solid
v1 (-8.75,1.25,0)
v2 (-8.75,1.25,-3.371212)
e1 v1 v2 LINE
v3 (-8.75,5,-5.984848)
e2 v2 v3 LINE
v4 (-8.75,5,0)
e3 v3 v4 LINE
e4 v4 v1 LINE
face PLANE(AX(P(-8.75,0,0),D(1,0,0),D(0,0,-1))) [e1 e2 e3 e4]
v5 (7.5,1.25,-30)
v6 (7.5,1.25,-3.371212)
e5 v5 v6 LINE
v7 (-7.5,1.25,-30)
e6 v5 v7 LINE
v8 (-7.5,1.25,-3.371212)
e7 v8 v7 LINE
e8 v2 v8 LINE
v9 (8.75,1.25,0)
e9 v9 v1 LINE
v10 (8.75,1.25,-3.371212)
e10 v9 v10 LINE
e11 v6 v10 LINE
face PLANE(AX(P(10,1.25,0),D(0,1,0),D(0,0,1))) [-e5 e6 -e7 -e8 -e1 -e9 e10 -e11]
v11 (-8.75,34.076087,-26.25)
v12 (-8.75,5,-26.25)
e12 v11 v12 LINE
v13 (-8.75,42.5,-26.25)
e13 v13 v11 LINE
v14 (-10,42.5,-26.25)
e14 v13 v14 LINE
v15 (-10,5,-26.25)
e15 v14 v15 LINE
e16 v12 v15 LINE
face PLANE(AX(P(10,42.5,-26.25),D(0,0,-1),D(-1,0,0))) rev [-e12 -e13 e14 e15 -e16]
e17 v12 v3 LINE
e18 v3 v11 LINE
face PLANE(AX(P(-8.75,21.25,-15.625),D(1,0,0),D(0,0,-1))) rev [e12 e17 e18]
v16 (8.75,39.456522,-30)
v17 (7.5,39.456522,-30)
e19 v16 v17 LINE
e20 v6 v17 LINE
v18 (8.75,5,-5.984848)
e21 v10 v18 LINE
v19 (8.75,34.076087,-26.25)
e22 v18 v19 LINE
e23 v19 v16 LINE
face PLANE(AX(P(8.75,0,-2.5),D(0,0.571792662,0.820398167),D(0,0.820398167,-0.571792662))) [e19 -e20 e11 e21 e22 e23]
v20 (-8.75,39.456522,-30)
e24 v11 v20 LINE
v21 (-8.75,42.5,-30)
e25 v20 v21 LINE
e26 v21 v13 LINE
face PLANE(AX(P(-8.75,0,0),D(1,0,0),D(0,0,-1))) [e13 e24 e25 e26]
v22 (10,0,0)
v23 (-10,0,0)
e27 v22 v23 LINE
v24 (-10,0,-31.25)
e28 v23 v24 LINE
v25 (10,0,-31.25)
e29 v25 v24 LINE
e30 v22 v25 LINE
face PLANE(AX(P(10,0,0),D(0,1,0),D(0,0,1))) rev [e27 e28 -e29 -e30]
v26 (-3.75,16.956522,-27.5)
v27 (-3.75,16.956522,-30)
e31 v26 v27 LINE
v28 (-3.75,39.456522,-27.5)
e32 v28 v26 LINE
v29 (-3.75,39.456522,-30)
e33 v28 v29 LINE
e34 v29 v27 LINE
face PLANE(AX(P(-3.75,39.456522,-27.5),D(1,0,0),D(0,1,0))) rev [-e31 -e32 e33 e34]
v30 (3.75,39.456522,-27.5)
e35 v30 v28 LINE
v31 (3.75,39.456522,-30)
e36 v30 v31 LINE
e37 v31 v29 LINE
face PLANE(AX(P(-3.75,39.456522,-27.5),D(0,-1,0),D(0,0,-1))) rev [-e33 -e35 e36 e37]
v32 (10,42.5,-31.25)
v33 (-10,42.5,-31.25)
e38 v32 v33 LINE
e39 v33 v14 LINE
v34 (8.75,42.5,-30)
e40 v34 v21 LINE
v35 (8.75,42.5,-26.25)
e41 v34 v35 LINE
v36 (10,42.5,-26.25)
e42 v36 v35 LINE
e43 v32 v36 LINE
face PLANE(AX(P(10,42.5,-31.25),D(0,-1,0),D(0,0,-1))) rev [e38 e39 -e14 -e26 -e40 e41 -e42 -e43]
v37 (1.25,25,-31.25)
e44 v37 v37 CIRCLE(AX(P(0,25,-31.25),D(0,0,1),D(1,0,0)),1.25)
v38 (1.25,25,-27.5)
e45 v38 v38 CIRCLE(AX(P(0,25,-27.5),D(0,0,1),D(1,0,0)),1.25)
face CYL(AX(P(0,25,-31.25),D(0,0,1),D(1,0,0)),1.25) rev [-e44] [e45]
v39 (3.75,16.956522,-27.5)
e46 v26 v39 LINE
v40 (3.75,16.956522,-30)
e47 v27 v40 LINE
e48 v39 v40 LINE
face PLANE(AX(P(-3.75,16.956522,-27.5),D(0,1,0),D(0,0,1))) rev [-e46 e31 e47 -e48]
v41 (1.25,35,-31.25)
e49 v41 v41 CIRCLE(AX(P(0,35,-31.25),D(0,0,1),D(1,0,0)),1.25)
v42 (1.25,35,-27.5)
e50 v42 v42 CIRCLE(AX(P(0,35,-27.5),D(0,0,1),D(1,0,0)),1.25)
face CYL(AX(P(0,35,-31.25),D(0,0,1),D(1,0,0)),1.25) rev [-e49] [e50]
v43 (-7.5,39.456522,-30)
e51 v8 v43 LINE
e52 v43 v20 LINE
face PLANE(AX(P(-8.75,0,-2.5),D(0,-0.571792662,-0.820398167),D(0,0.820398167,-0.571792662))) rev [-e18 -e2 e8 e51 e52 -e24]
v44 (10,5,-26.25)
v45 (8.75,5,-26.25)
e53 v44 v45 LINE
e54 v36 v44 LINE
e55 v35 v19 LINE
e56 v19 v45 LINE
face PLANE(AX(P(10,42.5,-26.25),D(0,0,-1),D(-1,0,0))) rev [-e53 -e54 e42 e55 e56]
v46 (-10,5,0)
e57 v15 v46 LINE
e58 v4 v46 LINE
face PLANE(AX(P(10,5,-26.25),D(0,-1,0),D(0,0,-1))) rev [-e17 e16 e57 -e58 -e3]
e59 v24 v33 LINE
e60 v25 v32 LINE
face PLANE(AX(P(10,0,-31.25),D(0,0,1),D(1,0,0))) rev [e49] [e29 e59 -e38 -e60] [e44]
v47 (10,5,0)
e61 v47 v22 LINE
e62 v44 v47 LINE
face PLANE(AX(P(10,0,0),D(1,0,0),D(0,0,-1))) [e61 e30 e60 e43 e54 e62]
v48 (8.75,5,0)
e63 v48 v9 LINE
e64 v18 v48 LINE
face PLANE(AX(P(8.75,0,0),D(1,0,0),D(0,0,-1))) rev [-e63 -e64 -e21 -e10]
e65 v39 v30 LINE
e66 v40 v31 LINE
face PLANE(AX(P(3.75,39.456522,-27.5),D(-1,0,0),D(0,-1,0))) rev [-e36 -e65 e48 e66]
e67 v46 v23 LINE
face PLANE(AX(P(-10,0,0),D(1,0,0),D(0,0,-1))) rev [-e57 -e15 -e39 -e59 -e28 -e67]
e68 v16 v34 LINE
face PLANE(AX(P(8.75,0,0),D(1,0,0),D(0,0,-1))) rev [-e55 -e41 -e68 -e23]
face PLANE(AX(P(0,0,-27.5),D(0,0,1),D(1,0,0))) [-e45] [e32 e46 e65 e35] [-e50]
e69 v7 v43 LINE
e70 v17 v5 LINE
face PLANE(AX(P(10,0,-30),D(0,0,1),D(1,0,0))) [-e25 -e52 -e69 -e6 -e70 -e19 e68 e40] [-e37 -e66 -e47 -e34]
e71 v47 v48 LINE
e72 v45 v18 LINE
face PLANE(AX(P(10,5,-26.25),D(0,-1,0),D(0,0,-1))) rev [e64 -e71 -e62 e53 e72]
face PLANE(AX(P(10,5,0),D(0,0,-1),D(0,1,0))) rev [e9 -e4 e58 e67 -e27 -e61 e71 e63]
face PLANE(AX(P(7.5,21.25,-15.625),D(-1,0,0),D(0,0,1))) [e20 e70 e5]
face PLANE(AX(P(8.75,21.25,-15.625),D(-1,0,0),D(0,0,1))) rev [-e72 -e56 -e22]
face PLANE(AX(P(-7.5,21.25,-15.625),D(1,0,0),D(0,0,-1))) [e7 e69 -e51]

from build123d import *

# Parameters (mm, degrees)
BOSS_EXTRUDE1_DEPTH = 10
SHELL1_T            = -1.25
RIB1_REACH          = 57.985
SKETCH4_WALL_W      = 164.251441786
SKETCH4_WALL_H      = 1.25
SKETCH5_W           = 7.5
SKETCH5_H           = 22.5
BOSS_EXTRUDE2_DEPTH = 2.5
SKETCH6_R           = 1.25
CUT_EXTRUDE1_DEPTH  = 52.599418601


with BuildPart() as part:
    # Sketch1 → Boss-Extrude1 (new, symmetric)
    with BuildSketch(Plane(origin=(0, 0, 0), x_dir=(0, 0, -1), z_dir=(1, 0, 0))):
        Polygon((0, 0), (31.25, 0), (31.25, 42.5), (26.25, 42.5), (26.25, 5), (0, 5), align=None)
    extrude(amount=BOSS_EXTRUDE1_DEPTH, both=True)

    # Shell1
    shell1_openings = [part.faces().sort_by_distance(p)[0] for p in [
        (0, 5, -13.125),
        (0, 23.75, -26.25),
        (0, 42.5, -28.75),
        (0, 2.5, 0),
    ]]
    offset(amount=SHELL1_T, openings=shell1_openings, kind=Kind.INTERSECTION)

    # Sketch4 wall → Rib1 (add, up to next)
    with BuildSketch(Plane(origin=(-8.75, 20.625, -16.875), x_dir=(0, 0.82039816677, -0.571792661688), z_dir=(0, 0.571792661688, 0.82039816677)), mode=Mode.PRIVATE) as rib1_sk1:
        with Locations((0, -0.625)):
            Rectangle(SKETCH4_WALL_W, SKETCH4_WALL_H)
    rib1_tool1 = extrude(rib1_sk1.sketch, amount=-RIB1_REACH, mode=Mode.PRIVATE) - part.part
    rib1 = rib1_tool1.solids().sort_by_distance((-8.75, 20.625, -16.875))[0]
    add(rib1)

    # Mirror1: Rib1 across plane
    add(rib1.mirror(Plane(origin=(0, 0, 0), x_dir=(0, 0, 1), z_dir=(1, 0, 0))))

    # Sketch5 → Boss-Extrude2 (add)
    with BuildSketch(Plane.XY.offset(-30)):
        with Locations((0, 28.206521739)):
            Rectangle(SKETCH5_W, SKETCH5_H)
    extrude(amount=BOSS_EXTRUDE2_DEPTH)

    # Sketch6 → Cut-Extrude1 (cut, through all)
    with BuildSketch(Plane.XY.offset(-27.5)):
        with Locations((0, 35)):
            Circle(SKETCH6_R)
        with Locations((0, 25)):
            Circle(SKETCH6_R)
    extrude(amount=-CUT_EXTRUDE1_DEPTH, mode=Mode.SUBTRACT)


solid = part.part
